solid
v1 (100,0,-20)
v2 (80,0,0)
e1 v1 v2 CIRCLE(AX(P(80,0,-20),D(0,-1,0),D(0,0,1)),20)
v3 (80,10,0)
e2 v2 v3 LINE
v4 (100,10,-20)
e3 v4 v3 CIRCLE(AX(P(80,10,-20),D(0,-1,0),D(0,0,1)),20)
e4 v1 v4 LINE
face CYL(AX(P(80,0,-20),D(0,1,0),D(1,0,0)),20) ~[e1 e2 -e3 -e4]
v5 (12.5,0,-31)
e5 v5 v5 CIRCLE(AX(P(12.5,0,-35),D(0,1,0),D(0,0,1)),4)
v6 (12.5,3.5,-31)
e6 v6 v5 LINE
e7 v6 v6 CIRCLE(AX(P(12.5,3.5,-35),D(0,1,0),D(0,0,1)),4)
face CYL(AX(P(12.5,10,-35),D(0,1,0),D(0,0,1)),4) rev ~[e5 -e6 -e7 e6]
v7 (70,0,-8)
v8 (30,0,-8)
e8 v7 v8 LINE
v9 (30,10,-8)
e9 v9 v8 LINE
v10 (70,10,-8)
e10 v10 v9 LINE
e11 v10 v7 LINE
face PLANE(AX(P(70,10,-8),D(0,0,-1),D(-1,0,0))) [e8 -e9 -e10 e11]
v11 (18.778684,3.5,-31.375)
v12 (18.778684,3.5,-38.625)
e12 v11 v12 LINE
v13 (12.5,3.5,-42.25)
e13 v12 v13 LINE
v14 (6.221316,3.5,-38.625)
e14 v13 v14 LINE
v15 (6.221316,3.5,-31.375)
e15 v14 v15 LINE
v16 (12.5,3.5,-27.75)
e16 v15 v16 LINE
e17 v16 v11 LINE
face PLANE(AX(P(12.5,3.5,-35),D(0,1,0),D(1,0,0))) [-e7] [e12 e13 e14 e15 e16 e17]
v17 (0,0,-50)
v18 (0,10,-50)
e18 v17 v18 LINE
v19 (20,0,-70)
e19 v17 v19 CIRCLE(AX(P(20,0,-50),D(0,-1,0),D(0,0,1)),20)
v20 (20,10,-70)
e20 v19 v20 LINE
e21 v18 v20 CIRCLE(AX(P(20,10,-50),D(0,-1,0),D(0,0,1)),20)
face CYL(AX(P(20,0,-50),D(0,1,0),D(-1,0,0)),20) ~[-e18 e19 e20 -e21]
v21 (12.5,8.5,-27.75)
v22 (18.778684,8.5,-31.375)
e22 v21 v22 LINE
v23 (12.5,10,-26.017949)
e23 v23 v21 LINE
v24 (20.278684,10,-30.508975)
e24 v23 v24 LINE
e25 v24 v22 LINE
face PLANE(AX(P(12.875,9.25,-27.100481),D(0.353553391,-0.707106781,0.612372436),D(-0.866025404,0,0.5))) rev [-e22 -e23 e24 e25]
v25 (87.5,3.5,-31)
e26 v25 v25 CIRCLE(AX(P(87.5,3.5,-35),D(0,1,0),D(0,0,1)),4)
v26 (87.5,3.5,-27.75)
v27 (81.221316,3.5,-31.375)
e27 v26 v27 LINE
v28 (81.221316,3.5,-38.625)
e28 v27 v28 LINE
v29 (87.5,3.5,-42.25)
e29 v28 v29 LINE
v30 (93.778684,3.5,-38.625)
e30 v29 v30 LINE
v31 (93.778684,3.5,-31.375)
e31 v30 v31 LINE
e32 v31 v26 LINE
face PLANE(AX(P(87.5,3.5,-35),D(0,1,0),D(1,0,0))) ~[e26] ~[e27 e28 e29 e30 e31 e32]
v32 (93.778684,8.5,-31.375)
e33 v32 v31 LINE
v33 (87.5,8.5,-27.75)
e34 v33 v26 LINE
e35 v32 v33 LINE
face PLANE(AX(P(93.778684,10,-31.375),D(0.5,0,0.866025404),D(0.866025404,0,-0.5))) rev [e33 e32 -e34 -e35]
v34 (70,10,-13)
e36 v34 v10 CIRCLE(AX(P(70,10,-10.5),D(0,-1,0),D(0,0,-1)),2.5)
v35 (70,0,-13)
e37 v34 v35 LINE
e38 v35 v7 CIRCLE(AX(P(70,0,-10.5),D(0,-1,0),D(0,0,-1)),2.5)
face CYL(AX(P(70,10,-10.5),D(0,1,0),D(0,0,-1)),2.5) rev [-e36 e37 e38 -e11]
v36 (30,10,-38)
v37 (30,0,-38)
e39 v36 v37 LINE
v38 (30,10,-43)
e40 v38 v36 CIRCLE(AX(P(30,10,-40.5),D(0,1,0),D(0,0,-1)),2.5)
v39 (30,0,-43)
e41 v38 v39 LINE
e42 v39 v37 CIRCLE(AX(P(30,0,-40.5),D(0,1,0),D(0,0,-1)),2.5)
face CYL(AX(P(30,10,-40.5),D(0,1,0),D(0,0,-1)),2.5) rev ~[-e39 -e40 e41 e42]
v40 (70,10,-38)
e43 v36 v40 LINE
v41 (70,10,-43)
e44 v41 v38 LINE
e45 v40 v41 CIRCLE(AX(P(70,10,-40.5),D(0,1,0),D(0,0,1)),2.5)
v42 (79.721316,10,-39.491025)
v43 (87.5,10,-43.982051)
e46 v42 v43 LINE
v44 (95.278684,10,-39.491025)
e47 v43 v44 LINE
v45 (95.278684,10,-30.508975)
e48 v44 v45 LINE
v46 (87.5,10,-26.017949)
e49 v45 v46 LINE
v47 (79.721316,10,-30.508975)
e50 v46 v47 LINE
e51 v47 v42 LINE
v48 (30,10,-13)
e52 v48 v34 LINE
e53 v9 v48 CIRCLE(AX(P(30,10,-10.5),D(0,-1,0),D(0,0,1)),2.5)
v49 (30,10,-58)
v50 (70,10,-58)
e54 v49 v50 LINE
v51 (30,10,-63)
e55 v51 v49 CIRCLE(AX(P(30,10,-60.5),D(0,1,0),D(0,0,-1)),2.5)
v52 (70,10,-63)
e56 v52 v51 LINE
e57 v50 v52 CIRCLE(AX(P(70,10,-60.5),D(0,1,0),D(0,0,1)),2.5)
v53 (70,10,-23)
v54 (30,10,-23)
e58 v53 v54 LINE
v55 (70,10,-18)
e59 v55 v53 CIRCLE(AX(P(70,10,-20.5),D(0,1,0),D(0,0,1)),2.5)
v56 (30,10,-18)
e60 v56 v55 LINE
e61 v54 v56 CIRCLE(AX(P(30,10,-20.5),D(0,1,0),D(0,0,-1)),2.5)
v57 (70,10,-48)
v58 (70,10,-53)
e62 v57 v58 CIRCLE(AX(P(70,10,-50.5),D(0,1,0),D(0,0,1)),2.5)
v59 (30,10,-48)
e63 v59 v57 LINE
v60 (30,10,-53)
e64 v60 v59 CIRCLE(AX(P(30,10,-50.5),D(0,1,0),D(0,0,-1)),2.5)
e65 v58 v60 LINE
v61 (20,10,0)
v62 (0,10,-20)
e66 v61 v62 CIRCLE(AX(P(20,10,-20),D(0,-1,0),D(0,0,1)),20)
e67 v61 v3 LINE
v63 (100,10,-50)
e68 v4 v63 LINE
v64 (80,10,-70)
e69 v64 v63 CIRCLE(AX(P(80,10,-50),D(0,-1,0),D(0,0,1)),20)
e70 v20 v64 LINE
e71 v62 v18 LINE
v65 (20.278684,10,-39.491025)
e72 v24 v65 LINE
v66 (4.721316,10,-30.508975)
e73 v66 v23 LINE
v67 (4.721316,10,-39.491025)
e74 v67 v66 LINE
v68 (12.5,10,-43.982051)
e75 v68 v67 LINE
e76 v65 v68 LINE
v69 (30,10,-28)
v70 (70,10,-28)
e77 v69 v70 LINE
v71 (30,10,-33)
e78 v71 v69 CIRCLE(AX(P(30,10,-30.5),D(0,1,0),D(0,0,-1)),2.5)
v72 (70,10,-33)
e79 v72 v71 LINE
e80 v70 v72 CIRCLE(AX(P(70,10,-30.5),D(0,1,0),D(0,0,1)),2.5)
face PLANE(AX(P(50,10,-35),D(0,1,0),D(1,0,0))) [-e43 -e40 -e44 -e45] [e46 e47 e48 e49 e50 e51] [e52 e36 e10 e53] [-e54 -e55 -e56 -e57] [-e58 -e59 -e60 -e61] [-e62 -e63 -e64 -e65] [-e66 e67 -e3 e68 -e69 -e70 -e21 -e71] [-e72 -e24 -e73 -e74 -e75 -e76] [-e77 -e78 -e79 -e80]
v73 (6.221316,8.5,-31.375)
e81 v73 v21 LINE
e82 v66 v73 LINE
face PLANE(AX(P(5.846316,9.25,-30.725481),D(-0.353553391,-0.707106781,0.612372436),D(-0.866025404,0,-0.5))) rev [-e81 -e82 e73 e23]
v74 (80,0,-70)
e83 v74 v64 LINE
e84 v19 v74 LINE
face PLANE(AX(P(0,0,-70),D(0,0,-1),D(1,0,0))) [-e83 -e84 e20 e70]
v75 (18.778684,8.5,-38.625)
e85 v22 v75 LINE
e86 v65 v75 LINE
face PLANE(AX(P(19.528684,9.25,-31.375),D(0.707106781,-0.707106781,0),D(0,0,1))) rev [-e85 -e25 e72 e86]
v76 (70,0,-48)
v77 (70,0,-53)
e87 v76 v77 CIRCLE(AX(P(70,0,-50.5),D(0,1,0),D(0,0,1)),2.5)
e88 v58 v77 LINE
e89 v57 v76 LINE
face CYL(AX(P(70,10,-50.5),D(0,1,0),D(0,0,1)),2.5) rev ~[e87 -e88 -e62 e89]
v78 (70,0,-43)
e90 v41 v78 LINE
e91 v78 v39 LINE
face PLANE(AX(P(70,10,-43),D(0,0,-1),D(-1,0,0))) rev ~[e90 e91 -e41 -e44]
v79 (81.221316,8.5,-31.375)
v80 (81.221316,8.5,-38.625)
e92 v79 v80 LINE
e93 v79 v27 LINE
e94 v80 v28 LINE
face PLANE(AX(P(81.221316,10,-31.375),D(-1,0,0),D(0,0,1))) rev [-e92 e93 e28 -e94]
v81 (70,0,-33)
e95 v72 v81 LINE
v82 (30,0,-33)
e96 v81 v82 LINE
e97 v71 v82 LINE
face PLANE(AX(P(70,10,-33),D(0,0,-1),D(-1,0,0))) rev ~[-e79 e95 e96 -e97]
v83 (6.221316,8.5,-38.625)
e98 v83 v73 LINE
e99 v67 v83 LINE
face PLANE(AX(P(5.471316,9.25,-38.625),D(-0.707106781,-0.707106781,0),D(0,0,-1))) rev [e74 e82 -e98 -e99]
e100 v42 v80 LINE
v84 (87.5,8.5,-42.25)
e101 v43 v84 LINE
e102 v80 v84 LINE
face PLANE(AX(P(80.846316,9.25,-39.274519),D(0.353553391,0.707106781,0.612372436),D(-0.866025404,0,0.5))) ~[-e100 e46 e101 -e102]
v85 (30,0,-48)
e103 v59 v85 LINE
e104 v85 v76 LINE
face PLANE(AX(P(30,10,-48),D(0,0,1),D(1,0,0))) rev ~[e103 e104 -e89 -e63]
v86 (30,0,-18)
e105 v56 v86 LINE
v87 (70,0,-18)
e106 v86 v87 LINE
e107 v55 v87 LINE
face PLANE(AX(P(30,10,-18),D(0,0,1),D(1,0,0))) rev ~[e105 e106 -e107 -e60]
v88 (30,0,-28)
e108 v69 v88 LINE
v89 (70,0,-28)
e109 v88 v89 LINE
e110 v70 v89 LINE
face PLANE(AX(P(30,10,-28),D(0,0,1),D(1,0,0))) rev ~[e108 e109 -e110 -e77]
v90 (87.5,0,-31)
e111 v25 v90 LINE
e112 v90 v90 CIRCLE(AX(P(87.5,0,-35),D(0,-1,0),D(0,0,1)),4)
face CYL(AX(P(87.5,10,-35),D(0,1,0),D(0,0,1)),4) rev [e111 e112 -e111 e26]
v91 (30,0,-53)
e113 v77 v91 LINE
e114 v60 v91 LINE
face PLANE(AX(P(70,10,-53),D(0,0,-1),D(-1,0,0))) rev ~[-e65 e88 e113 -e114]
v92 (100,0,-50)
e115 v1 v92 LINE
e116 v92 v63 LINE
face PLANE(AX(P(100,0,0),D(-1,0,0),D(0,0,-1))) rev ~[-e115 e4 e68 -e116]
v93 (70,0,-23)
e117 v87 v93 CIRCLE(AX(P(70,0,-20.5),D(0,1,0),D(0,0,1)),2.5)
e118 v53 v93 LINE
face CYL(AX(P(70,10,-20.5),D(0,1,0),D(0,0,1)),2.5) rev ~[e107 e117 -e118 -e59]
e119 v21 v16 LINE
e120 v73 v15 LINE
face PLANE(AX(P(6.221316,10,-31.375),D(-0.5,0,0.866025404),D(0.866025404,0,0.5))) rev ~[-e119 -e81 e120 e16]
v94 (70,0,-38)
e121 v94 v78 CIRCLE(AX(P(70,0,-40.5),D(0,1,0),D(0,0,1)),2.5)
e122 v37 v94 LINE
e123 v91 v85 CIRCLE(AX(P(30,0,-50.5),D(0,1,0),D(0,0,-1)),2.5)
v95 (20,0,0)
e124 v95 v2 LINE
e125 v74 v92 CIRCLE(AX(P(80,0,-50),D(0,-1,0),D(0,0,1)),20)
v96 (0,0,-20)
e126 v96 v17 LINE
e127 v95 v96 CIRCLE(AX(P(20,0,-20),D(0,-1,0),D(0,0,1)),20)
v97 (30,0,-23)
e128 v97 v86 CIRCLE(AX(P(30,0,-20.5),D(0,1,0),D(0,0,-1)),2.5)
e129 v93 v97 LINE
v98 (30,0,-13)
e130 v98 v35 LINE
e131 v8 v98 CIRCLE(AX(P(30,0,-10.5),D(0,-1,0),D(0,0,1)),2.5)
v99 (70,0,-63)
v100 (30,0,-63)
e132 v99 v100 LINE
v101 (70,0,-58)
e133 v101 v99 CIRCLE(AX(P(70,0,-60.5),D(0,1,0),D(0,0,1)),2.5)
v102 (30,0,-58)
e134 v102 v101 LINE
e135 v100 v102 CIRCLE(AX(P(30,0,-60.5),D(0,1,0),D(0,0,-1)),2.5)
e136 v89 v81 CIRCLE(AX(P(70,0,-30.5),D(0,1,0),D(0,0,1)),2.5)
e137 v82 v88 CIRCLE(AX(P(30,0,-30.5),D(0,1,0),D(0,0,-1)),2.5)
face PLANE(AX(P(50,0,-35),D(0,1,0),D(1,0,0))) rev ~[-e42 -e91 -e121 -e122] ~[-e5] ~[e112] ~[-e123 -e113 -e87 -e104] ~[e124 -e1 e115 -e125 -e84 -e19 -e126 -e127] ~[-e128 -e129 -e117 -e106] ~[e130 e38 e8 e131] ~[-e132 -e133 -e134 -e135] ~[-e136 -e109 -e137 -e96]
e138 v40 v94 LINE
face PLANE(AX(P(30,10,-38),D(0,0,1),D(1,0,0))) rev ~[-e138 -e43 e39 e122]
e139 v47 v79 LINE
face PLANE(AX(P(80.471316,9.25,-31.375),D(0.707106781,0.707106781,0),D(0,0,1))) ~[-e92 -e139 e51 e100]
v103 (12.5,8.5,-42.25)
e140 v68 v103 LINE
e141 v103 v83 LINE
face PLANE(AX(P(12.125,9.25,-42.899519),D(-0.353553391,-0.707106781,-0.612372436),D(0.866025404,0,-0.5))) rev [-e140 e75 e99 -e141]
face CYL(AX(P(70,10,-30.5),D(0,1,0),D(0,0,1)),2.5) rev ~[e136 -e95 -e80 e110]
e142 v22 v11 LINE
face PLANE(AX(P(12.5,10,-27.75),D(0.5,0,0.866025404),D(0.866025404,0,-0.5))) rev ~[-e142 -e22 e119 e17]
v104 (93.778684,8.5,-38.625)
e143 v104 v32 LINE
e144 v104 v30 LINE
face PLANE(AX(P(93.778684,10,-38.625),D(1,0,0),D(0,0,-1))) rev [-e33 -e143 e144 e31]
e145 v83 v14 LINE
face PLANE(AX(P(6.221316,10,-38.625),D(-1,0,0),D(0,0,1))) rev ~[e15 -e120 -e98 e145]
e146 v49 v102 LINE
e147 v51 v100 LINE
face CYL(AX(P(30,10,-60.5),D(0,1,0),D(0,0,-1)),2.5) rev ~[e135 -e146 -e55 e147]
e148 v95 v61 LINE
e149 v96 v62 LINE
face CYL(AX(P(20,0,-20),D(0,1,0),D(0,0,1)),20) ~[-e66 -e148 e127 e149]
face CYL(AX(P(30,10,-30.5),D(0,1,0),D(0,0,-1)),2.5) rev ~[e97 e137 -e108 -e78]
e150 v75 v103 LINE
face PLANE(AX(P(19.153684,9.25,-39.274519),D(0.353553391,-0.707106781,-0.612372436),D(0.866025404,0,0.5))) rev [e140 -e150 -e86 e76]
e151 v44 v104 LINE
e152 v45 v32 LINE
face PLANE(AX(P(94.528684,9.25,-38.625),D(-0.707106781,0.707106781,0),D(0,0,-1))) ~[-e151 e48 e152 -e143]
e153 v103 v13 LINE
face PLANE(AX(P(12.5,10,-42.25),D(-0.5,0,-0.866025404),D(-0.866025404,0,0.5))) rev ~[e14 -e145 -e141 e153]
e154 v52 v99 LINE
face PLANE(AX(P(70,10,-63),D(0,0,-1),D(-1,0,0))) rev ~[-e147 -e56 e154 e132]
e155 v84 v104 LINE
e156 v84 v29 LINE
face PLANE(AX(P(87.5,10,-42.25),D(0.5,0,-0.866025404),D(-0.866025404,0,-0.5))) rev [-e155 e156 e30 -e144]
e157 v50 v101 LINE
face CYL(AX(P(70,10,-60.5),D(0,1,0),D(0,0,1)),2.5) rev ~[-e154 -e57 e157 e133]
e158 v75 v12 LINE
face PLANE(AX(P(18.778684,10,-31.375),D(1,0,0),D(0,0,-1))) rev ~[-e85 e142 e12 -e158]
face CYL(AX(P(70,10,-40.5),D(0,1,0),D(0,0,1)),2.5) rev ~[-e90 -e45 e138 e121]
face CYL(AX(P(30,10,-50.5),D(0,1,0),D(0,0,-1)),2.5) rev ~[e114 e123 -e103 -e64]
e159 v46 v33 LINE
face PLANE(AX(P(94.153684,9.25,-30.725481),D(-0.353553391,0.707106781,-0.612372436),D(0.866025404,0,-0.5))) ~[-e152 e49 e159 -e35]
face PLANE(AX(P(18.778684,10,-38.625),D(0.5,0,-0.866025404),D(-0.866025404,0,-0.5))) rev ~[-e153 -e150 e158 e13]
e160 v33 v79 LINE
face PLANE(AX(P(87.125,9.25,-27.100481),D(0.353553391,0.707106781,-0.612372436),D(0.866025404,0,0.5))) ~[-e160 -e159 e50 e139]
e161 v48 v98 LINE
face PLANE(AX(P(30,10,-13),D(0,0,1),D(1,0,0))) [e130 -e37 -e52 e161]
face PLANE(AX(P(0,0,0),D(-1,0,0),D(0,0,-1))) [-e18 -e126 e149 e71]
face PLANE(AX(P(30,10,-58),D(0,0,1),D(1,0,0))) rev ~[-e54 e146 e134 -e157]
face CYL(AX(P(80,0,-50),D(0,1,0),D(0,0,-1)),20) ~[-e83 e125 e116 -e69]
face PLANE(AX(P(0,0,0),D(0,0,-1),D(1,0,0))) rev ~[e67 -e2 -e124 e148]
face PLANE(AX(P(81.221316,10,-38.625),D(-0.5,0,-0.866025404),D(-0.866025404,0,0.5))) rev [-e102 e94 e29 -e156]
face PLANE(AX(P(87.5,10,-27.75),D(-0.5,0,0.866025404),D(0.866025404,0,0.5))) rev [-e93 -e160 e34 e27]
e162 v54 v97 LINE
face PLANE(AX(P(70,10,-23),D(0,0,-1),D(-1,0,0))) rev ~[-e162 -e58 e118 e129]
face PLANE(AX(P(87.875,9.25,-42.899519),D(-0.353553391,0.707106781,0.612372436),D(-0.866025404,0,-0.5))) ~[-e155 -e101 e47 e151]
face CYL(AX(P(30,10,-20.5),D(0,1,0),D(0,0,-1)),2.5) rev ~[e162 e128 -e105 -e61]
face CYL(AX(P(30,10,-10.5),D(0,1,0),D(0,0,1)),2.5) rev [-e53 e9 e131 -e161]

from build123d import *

# Parameters (mm, degrees)
CROQUIS1_W                 = 100
CROQUIS1_H                 = 70
SALIENTE_EXTRUIR1_DEPTH    = 10
CORTAR_EXTRUIR1_DEPTH      = 6.5
CROQUIS5_R                 = 4
CORTAR_EXTRUIR2_DEPTH      = 10
CHAFL_N1_SIZE              = 1.5
CHAFL_N1_OF_SIMETR_A1_SIZE = 1.5
REDONDEO4_R                = 20
REDONDEO5_R                = 20
REDONDEO6_R                = 20
REDONDEO7_R                = 20
CORTAR_EXTRUIR3_DEPTH      = 10


with BuildPart() as part:
    # Croquis1 → Saliente-Extruir1 (new body)
    with BuildSketch(Plane(origin=(0, 0, 0), x_dir=(1, 0, 0), z_dir=(0, 1, 0))):
        with Locations((50, 35)):
            Rectangle(CROQUIS1_W, CROQUIS1_H)
    extrude(amount=SALIENTE_EXTRUIR1_DEPTH)

    # Croquis2 → Cortar-Extruir1 (cut)
    with BuildSketch(Plane(origin=(0, 10, 0), x_dir=(1, 0, 0), z_dir=(0, 1, 0))):
        Polygon((12.5, 42.25), (6.221315823, 38.625), (6.221315823, 31.375), (12.5, 27.75), (18.778684177, 31.375), (18.778684177, 38.625), align=None)
    cortar_extruir1 = extrude(amount=-CORTAR_EXTRUIR1_DEPTH, mode=Mode.SUBTRACT)

    # Croquis5 → Cortar-Extruir2 (cut)
    with BuildSketch(Plane(origin=(0, 10, 0), x_dir=(1, 0, 0), z_dir=(0, 1, 0))):
        with Locations(Location((12.5, 35, 0), (0, 0, 270))):
            Circle(CROQUIS5_R)
    cortar_extruir2 = extrude(amount=-CORTAR_EXTRUIR2_DEPTH, mode=Mode.SUBTRACT)

    # Chaflán1
    chafl_n1_edges = [part.edges().sort_by_distance(p)[0] for p in [
        (15.639342089, 10, -40.4375),
        (9.360657911, 10, -40.4375),
        (6.221315823, 10, -35),
        (9.360657911, 10, -29.5625),
        (15.639342089, 10, -29.5625),
        (18.778684177, 10, -35),
    ]]
    chamfer(chafl_n1_edges, length=CHAFL_N1_SIZE)

    # Simetría1: Cortar-Extruir1, Cortar-Extruir2 across plane
    add(cortar_extruir1.mirror(Plane.ZY.offset(-50)), mode=Mode.SUBTRACT)
    add(cortar_extruir2.mirror(Plane.ZY.offset(-50)), mode=Mode.SUBTRACT)

    # Chaflán1 of Simetría1
    chafl_n1_of_simetr_a1_edges = [part.edges().sort_by_distance(p)[0] for p in [
        (84.360657911, 10, -40.4375),
        (90.639342089, 10, -40.4375),
        (93.778684177, 10, -35),
        (90.639342089, 10, -29.5625),
        (84.360657911, 10, -29.5625),
        (81.221315823, 10, -35),
    ]]
    chamfer(chafl_n1_of_simetr_a1_edges, length=CHAFL_N1_OF_SIMETR_A1_SIZE)

    # Redondeo4
    redondeo4_edges = [part.edges().sort_by_distance(p)[0] for p in [
        (100, 5, -70),
    ]]
    fillet(redondeo4_edges, radius=REDONDEO4_R)

    # Redondeo5
    redondeo5_edges = [part.edges().sort_by_distance(p)[0] for p in [
        (100, 5, 0),
    ]]
    fillet(redondeo5_edges, radius=REDONDEO5_R)

    # Redondeo6
    redondeo6_edges = [part.edges().sort_by_distance(p)[0] for p in [
        (0, 5, 0),
    ]]
    fillet(redondeo6_edges, radius=REDONDEO6_R)

    # Redondeo7
    redondeo7_edges = [part.edges().sort_by_distance(p)[0] for p in [
        (0, 5, -70),
    ]]
    fillet(redondeo7_edges, radius=REDONDEO7_R)

    # Croquis7 → Cortar-Extruir3 (cut)
    with BuildSketch(Plane(origin=(0, 10, 0), x_dir=(1, 0, 0), z_dir=(0, 1, 0))):
        with BuildLine():
            Line((30, 13), (70, 13))
            ThreePointArc((70, 13), (72.5, 10.5), (70, 8))
            Line((70, 8), (30, 8))
            ThreePointArc((30, 8), (27.5, 10.5), (30, 13))
        make_face()
        with BuildLine():
            Line((30, 18), (70, 18))
            ThreePointArc((70, 18), (72.5, 20.5), (70, 23))
            Line((70, 23), (30, 23))
            ThreePointArc((30, 23), (27.5, 20.5), (30, 18))
        make_face()
        with BuildLine():
            Line((30, 28), (70, 28))
            ThreePointArc((70, 28), (72.5, 30.5), (70, 33))
            Line((70, 33), (30, 33))
            ThreePointArc((30, 33), (27.5, 30.5), (30, 28))
        make_face()
        with BuildLine():
            Line((30, 38), (70, 38))
            ThreePointArc((70, 38), (72.5, 40.5), (70, 43))
            Line((70, 43), (30, 43))
            ThreePointArc((30, 43), (27.5, 40.5), (30, 38))
        make_face()
        with BuildLine():
            Line((30, 48), (70, 48))
            ThreePointArc((70, 48), (72.5, 50.5), (70, 53))
            Line((70, 53), (30, 53))
            ThreePointArc((30, 53), (27.5, 50.5), (30, 48))
        make_face()
        with BuildLine():
            Line((30, 58), (70, 58))
            ThreePointArc((70, 58), (72.5, 60.5), (70, 63))
            Line((70, 63), (30, 63))
            ThreePointArc((30, 63), (27.5, 60.5), (30, 58))
        make_face()
    extrude(amount=-CORTAR_EXTRUIR3_DEPTH, mode=Mode.SUBTRACT)


solid = part.part
